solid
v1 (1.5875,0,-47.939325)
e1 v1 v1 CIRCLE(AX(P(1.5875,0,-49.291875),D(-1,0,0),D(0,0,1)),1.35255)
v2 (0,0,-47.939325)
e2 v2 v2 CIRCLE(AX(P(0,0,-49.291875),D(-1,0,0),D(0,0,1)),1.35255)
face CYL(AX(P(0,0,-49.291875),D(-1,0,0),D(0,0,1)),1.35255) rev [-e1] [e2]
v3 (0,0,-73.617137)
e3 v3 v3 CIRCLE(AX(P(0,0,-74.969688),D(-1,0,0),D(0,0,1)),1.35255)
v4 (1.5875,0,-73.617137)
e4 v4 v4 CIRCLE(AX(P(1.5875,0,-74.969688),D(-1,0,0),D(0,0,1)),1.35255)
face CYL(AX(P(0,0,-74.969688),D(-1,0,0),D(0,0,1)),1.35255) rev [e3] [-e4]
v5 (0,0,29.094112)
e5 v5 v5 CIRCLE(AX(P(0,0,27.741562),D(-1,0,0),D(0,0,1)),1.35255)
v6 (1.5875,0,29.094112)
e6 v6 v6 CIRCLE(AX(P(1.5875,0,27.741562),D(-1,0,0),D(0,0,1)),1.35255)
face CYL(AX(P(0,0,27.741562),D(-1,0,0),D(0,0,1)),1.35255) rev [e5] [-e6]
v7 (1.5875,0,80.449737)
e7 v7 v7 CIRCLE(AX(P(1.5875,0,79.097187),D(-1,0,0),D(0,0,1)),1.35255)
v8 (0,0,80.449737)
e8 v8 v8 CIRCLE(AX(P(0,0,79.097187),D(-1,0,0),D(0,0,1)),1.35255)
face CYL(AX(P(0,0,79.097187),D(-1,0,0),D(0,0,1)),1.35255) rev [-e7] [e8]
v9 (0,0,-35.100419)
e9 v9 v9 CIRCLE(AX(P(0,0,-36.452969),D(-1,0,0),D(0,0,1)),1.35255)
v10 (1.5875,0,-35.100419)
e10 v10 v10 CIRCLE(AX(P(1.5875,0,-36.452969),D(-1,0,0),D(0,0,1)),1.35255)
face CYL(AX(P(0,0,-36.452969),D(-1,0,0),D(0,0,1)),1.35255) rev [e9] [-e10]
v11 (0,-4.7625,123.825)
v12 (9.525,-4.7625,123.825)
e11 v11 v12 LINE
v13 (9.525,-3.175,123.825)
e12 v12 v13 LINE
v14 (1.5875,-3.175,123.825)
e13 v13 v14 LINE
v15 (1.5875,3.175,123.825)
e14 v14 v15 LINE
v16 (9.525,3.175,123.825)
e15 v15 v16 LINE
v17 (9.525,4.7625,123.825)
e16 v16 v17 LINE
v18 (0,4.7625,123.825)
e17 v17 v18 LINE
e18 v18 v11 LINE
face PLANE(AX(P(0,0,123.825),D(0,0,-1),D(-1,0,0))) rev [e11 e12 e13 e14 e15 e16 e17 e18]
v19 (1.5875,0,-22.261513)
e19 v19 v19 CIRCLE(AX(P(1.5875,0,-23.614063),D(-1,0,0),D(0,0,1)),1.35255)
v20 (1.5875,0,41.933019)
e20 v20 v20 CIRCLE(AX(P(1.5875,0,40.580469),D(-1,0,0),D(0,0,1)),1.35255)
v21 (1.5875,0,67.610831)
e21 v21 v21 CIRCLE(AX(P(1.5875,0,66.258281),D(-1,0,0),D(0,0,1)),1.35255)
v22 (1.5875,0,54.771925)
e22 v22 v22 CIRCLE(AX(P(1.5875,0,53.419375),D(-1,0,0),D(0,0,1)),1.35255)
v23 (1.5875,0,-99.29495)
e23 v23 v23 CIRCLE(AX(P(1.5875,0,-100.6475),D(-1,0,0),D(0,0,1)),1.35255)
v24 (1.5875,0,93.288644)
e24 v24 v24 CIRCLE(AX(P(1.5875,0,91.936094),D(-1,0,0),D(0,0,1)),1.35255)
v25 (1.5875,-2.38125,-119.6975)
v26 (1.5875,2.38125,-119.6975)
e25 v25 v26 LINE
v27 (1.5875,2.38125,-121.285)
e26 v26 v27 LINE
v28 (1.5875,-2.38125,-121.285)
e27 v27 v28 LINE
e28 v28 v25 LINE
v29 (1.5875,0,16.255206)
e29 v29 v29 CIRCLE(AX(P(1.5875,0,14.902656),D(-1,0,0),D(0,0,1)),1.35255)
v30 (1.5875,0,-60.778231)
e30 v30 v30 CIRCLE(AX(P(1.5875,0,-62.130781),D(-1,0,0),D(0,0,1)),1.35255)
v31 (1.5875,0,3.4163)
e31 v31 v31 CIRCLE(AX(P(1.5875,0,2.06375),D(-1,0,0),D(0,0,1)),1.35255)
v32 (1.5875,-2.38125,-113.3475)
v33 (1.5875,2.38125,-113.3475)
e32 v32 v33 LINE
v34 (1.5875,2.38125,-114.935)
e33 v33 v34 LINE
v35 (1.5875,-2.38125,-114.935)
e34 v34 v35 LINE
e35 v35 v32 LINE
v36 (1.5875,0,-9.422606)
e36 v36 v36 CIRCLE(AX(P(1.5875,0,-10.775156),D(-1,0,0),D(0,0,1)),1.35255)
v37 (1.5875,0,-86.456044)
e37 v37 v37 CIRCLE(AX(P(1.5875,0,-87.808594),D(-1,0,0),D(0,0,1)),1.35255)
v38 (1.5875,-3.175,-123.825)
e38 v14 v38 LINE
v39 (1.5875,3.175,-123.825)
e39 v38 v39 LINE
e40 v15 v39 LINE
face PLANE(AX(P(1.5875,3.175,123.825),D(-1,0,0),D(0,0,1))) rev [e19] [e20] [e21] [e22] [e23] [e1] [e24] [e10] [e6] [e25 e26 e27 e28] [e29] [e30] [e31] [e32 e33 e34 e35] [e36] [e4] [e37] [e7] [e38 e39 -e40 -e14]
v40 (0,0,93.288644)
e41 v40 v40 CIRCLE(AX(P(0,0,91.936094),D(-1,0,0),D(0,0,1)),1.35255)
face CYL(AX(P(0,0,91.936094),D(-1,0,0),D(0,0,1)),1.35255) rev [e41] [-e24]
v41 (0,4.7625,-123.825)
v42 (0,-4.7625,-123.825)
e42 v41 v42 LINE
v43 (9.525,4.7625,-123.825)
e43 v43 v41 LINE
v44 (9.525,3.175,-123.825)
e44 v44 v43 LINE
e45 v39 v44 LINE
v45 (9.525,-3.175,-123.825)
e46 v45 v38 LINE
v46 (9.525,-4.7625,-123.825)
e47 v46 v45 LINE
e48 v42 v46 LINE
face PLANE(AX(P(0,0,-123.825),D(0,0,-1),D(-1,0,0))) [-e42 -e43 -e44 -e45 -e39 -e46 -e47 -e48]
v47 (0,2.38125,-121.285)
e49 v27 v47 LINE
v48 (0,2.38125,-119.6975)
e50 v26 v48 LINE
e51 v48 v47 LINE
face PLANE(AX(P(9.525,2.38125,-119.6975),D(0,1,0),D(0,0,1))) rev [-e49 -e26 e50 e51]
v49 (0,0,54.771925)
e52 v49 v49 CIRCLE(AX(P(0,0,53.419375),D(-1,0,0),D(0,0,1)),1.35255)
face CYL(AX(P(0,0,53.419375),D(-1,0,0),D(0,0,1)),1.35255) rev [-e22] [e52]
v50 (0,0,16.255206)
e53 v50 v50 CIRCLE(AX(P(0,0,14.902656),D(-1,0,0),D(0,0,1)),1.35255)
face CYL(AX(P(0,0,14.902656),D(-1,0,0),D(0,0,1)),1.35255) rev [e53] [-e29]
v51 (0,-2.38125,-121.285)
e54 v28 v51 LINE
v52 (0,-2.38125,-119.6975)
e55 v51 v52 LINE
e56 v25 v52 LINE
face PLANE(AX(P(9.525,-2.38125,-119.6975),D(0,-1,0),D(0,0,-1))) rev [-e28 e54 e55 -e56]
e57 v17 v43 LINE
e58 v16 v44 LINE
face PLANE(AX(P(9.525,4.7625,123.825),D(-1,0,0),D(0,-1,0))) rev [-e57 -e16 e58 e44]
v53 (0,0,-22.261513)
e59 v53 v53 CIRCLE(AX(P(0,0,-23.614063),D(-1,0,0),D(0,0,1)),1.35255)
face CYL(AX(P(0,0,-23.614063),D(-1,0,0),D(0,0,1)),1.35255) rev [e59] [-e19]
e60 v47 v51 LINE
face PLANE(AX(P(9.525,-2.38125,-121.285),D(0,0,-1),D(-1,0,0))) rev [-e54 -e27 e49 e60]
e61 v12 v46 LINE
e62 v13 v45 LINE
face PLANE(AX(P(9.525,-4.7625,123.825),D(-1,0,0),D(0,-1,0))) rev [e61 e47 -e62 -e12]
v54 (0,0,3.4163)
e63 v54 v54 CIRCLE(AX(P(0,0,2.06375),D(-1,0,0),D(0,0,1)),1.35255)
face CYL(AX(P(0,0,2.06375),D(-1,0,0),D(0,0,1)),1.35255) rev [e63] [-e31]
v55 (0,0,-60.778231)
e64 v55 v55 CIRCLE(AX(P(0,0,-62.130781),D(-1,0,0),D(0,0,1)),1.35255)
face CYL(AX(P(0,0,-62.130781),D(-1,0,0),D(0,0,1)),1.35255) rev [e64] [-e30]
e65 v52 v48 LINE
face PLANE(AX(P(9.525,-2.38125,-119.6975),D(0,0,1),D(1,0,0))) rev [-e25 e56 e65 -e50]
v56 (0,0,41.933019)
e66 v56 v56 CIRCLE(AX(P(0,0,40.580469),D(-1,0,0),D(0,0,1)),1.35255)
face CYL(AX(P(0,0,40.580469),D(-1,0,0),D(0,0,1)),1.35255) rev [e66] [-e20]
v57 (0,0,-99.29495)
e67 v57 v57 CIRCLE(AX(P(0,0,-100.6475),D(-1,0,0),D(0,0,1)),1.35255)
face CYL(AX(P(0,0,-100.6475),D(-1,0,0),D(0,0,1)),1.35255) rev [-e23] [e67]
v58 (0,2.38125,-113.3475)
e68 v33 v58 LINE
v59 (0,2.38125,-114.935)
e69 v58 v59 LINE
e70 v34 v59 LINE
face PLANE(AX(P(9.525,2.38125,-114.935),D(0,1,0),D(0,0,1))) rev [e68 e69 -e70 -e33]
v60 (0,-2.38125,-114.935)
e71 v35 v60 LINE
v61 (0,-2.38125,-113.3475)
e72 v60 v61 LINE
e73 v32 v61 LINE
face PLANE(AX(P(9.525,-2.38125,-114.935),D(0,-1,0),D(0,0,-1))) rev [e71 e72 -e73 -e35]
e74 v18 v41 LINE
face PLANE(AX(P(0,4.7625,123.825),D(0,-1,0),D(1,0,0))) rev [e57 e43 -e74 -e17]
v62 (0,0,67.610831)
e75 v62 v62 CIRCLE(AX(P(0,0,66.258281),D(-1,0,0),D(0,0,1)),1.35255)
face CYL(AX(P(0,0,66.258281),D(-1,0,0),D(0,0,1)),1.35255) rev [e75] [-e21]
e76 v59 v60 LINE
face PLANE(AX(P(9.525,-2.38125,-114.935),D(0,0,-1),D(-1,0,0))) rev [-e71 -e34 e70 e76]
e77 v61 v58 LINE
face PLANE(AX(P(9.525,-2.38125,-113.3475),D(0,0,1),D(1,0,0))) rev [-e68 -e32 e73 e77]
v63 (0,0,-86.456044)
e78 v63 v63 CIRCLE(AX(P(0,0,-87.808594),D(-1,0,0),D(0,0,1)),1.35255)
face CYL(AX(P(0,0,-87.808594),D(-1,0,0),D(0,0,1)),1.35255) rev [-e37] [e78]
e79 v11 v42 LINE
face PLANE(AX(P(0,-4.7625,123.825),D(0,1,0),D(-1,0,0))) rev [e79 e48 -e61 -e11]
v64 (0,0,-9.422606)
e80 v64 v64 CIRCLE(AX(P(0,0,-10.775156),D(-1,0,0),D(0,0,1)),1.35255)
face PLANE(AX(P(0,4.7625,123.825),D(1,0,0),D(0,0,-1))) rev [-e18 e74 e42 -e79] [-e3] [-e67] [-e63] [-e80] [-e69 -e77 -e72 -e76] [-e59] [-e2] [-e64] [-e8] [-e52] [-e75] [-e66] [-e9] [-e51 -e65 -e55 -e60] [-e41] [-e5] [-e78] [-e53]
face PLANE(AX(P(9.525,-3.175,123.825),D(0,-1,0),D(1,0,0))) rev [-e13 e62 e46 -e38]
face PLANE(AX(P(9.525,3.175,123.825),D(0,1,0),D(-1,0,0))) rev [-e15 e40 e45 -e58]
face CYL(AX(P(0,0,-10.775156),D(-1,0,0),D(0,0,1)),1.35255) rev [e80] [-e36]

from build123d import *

# Parameters (mm, degrees)
BOSS_EXTRUDE1_DEPTH       = 123.825
SKETCH11_W                = 1.5875
SKETCH11_H                = 4.7625
CUT_EXTRUDE2_DEPTH        = 10.525
F_6_32_TAPPED_HOLE1_D     = 2.7051
F_6_32_TAPPED_HOLE1_DEPTH = 9.398


with BuildPart() as part:
    # Sketch1 → Boss-Extrude1 (new body, symmetric)
    with BuildSketch(Plane.XY):
        Polygon((0, 4.7625), (0, -4.7625), (9.525, -4.7625), (9.525, -3.175), (1.5875, -3.175), (1.5875, 3.175), (9.525, 3.175), (9.525, 4.7625), align=None)
    extrude(amount=BOSS_EXTRUDE1_DEPTH, both=True)

    # Sketch11 → Cut-Extrude2 (cut, through all)
    with BuildSketch(Plane.ZY):
        with Locations((-120.49125, 0)):
            Rectangle(SKETCH11_W, SKETCH11_H)
        with Locations((-114.14125, 0)):
            Rectangle(SKETCH11_W, SKETCH11_H)
    extrude(amount=-CUT_EXTRUDE2_DEPTH, mode=Mode.SUBTRACT)

    # #6-32 Tapped Hole1
    with Locations(Plane.ZY):
        with Locations((-100.6475, 0), (-87.80859375, 0), (-74.9696875, 0), (-62.13078125, 0), (-49.291875, 0), (-36.45296875, 0), (-23.6140625, 0), (-10.77515625, 0), (2.06375, 0), (14.90265625, 0), (27.7415625, 0), (40.58046875, 0), (53.419375, 0), (66.25828125, 0), (79.0971875, 0), (91.93609375, 0)):
            Hole(F_6_32_TAPPED_HOLE1_D / 2, depth=F_6_32_TAPPED_HOLE1_DEPTH)


solid = part.part
